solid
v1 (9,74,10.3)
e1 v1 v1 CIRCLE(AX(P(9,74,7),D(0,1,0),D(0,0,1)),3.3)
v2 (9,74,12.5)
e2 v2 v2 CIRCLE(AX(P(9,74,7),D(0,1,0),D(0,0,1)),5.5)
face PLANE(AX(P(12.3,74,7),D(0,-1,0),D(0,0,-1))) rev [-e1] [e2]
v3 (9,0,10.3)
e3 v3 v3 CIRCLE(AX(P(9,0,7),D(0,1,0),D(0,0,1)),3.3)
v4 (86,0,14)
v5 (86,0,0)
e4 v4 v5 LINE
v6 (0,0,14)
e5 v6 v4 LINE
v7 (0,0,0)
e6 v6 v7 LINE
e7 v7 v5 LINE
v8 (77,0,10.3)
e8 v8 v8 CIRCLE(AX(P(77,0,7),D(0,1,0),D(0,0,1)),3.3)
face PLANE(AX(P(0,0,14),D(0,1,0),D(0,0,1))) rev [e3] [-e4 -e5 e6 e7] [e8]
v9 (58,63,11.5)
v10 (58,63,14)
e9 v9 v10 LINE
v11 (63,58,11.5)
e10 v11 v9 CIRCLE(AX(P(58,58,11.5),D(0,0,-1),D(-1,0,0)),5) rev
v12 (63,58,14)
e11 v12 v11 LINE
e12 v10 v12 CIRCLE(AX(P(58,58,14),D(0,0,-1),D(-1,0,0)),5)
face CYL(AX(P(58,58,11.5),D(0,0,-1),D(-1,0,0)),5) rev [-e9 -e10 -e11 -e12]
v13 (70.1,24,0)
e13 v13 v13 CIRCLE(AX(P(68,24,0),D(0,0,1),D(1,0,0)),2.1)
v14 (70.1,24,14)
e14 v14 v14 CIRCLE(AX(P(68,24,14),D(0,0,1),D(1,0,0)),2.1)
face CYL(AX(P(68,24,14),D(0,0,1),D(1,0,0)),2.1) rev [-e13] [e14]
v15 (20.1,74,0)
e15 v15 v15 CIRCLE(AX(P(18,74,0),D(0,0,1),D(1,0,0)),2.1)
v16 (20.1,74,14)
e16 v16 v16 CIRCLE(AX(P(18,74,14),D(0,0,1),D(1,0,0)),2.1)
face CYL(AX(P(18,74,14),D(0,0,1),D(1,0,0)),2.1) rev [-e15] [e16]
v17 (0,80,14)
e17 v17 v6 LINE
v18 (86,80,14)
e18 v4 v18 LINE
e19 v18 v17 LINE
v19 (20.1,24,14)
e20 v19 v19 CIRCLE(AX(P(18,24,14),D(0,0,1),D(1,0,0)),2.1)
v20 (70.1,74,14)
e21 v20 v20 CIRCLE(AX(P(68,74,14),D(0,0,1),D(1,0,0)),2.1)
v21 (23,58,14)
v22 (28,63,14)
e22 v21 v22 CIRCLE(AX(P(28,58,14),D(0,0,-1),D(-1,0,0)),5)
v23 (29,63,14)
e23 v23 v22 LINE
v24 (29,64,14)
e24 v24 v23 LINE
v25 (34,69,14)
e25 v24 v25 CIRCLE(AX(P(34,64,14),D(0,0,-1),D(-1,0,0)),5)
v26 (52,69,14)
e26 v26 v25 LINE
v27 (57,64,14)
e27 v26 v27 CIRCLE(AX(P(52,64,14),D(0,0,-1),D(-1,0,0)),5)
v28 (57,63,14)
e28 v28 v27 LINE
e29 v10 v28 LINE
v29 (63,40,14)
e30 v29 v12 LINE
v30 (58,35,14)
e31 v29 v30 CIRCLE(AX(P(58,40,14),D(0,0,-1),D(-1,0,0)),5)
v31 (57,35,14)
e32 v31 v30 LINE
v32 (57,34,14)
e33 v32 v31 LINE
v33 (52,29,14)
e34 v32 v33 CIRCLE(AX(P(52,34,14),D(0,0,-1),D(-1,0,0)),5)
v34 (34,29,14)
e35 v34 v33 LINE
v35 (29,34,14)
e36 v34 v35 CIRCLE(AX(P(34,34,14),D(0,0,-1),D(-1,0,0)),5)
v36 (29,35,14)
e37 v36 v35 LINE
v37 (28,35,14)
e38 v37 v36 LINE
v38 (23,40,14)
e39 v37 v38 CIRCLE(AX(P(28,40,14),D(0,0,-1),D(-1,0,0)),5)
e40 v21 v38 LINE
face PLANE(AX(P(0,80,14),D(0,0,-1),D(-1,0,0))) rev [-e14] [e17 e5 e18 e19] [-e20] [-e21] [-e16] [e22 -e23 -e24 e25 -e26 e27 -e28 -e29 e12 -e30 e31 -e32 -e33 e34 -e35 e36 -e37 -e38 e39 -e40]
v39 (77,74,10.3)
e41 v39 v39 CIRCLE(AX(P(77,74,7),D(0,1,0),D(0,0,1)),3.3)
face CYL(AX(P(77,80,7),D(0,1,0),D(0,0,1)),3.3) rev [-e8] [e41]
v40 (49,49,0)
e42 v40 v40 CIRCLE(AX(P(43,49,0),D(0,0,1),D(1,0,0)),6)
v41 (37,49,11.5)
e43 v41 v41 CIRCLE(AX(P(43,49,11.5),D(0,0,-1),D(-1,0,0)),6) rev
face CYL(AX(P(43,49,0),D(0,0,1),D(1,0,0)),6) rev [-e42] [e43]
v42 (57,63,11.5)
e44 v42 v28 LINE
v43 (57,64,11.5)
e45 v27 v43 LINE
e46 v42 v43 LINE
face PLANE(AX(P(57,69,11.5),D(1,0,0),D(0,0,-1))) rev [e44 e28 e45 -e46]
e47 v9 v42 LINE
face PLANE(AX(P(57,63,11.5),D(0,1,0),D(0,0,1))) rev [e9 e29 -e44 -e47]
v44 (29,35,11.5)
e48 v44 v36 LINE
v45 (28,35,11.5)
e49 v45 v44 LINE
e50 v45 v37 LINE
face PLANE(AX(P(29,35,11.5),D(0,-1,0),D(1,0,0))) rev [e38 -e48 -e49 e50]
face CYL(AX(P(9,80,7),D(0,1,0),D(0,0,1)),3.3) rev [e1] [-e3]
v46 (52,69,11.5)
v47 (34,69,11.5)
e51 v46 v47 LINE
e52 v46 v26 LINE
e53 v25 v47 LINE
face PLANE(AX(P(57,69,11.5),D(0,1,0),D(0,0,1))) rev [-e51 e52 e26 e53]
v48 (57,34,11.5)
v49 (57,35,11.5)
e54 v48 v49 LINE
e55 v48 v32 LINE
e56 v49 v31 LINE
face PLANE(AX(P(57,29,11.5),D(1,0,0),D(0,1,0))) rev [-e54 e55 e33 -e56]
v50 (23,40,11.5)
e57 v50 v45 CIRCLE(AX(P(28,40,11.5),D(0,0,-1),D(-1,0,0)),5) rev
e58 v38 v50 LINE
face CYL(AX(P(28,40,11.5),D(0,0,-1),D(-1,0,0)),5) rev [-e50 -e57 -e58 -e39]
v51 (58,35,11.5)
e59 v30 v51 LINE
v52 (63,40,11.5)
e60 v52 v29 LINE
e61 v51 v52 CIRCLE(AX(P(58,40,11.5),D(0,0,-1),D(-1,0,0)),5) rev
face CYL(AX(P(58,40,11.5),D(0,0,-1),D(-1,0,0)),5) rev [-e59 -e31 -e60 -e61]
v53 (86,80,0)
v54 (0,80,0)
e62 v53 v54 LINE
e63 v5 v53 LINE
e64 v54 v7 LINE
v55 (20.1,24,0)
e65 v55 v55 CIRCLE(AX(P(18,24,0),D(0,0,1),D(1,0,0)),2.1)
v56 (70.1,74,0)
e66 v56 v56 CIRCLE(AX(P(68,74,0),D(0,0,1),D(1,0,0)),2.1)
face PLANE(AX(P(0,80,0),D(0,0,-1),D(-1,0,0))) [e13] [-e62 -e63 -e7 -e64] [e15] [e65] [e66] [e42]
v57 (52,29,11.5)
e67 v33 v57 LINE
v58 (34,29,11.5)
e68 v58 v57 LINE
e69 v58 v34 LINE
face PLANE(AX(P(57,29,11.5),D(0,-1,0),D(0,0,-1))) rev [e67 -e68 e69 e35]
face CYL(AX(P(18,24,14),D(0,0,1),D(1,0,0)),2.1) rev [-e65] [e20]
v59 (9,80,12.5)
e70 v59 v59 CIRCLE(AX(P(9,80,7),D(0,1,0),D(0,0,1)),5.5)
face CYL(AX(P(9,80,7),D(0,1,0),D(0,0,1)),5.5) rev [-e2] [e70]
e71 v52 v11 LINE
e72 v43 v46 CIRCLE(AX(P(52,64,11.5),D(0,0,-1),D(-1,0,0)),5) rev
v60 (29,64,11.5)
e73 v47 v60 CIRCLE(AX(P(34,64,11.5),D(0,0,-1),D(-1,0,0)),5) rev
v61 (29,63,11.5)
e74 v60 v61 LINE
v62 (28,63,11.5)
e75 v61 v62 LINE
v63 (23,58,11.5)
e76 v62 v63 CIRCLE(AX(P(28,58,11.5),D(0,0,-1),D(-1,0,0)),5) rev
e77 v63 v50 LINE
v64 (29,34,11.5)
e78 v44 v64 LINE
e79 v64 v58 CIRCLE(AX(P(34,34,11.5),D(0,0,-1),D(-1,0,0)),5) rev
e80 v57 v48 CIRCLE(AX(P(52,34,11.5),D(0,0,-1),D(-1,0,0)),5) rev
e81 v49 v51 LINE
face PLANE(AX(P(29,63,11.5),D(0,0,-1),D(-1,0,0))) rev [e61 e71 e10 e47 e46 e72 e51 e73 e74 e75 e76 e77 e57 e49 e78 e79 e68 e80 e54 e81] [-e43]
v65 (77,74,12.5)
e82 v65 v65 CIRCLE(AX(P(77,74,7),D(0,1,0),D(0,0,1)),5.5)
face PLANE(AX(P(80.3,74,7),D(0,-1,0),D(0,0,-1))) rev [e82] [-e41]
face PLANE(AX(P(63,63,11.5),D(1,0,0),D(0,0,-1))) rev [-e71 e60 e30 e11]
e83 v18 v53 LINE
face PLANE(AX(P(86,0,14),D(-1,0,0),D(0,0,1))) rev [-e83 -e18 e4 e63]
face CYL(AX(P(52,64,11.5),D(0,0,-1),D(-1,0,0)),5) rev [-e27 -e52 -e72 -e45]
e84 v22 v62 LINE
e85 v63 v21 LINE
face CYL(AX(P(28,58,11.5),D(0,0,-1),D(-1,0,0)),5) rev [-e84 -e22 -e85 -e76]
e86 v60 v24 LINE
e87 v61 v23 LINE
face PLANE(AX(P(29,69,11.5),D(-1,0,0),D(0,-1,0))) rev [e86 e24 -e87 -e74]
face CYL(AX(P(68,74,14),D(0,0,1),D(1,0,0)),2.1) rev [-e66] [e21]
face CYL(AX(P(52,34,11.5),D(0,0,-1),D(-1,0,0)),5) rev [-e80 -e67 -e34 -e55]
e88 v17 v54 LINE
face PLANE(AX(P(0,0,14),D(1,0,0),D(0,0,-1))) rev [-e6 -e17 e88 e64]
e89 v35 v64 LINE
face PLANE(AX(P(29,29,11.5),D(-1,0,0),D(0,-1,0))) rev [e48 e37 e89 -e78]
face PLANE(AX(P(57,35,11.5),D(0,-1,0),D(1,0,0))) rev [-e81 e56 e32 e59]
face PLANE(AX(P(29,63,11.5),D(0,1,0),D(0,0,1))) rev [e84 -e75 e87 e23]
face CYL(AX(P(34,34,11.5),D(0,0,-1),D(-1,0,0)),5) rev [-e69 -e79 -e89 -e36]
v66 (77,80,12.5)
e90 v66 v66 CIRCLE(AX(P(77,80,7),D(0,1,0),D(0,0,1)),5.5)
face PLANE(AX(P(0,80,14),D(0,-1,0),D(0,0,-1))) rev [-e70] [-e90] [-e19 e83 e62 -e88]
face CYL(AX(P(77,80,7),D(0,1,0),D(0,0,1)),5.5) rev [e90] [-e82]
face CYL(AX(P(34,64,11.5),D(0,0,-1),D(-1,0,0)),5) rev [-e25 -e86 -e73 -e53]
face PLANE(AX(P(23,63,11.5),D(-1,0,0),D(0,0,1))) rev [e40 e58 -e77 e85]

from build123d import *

# Parameters (mm, degrees)
SKETCH_1_W                   = 86
SKETCH_1_H                   = 80
EXTRUDE_1_DEPTH              = 14
SKETCH_2_R                   = 6
CUT_EXTRUDE_1_DEPTH          = 119.287784661
CUT_EXTRUDE_2_DEPTH          = 2.5
FILLET_1_R                   = 5
HOLE_WIZARD_M6_1_D           = 6.6
HOLE_WIZARD_M6_1_CBORE_D     = 11
HOLE_WIZARD_M6_1_CBORE_DEPTH = 6
HOLE_WIZARD_M5_1_D           = 4.2


with BuildPart() as part:
    # 草图1 → 凸台-拉伸1 (new body)
    with BuildSketch(Plane.XY):
        with Locations((43, 40)):
            Rectangle(SKETCH_1_W, SKETCH_1_H)
    extrude(amount=EXTRUDE_1_DEPTH)

    # 草图2 → 切除-拉伸1 (cut, through all)
    with BuildSketch(Plane.XY.offset(14)):
        with Locations((43, 49)):
            Circle(SKETCH_2_R)
    extrude(amount=-CUT_EXTRUDE_1_DEPTH, mode=Mode.SUBTRACT)

    # 草图3 → 切除-拉伸2 (cut)
    with BuildSketch(Plane.XY.offset(14)):
        Polygon((57, 69), (29, 69), (29, 63), (23, 63), (23, 35), (29, 35), (29, 29), (57, 29), (57, 35), (63, 35), (63, 63), (57, 63), align=None)
    extrude(amount=-CUT_EXTRUDE_2_DEPTH, mode=Mode.SUBTRACT)

    # 圆角1
    fillet_1_edges = [part.edges().sort_by_distance(p)[0] for p in [
        (29, 69, 12.75),
        (57, 69, 12.75),
        (63, 63, 12.75),
        (63, 35, 12.75),
        (57, 29, 12.75),
        (29, 29, 12.75),
        (23, 35, 12.75),
        (23, 63, 12.75),
    ]]
    fillet(fillet_1_edges, radius=FILLET_1_R)

    # M6 六角凹头螺钉的柱形沉头孔1 (through all)
    with Locations(Plane(origin=(0, 80, 0), x_dir=(-1, 0, 0), z_dir=(0, 1, 0))):
        with Locations((-9, 7), (-77, 7)):
            CounterBoreHole(HOLE_WIZARD_M6_1_D / 2, HOLE_WIZARD_M6_1_CBORE_D / 2, HOLE_WIZARD_M6_1_CBORE_DEPTH)

    # M5 螺纹孔1 (through all)
    with Locations(Plane.XY.offset(14)):
        with Locations((68, 74), (18, 74), (18, 24), (68, 24)):
            Hole(HOLE_WIZARD_M5_1_D / 2)


solid = part.part
